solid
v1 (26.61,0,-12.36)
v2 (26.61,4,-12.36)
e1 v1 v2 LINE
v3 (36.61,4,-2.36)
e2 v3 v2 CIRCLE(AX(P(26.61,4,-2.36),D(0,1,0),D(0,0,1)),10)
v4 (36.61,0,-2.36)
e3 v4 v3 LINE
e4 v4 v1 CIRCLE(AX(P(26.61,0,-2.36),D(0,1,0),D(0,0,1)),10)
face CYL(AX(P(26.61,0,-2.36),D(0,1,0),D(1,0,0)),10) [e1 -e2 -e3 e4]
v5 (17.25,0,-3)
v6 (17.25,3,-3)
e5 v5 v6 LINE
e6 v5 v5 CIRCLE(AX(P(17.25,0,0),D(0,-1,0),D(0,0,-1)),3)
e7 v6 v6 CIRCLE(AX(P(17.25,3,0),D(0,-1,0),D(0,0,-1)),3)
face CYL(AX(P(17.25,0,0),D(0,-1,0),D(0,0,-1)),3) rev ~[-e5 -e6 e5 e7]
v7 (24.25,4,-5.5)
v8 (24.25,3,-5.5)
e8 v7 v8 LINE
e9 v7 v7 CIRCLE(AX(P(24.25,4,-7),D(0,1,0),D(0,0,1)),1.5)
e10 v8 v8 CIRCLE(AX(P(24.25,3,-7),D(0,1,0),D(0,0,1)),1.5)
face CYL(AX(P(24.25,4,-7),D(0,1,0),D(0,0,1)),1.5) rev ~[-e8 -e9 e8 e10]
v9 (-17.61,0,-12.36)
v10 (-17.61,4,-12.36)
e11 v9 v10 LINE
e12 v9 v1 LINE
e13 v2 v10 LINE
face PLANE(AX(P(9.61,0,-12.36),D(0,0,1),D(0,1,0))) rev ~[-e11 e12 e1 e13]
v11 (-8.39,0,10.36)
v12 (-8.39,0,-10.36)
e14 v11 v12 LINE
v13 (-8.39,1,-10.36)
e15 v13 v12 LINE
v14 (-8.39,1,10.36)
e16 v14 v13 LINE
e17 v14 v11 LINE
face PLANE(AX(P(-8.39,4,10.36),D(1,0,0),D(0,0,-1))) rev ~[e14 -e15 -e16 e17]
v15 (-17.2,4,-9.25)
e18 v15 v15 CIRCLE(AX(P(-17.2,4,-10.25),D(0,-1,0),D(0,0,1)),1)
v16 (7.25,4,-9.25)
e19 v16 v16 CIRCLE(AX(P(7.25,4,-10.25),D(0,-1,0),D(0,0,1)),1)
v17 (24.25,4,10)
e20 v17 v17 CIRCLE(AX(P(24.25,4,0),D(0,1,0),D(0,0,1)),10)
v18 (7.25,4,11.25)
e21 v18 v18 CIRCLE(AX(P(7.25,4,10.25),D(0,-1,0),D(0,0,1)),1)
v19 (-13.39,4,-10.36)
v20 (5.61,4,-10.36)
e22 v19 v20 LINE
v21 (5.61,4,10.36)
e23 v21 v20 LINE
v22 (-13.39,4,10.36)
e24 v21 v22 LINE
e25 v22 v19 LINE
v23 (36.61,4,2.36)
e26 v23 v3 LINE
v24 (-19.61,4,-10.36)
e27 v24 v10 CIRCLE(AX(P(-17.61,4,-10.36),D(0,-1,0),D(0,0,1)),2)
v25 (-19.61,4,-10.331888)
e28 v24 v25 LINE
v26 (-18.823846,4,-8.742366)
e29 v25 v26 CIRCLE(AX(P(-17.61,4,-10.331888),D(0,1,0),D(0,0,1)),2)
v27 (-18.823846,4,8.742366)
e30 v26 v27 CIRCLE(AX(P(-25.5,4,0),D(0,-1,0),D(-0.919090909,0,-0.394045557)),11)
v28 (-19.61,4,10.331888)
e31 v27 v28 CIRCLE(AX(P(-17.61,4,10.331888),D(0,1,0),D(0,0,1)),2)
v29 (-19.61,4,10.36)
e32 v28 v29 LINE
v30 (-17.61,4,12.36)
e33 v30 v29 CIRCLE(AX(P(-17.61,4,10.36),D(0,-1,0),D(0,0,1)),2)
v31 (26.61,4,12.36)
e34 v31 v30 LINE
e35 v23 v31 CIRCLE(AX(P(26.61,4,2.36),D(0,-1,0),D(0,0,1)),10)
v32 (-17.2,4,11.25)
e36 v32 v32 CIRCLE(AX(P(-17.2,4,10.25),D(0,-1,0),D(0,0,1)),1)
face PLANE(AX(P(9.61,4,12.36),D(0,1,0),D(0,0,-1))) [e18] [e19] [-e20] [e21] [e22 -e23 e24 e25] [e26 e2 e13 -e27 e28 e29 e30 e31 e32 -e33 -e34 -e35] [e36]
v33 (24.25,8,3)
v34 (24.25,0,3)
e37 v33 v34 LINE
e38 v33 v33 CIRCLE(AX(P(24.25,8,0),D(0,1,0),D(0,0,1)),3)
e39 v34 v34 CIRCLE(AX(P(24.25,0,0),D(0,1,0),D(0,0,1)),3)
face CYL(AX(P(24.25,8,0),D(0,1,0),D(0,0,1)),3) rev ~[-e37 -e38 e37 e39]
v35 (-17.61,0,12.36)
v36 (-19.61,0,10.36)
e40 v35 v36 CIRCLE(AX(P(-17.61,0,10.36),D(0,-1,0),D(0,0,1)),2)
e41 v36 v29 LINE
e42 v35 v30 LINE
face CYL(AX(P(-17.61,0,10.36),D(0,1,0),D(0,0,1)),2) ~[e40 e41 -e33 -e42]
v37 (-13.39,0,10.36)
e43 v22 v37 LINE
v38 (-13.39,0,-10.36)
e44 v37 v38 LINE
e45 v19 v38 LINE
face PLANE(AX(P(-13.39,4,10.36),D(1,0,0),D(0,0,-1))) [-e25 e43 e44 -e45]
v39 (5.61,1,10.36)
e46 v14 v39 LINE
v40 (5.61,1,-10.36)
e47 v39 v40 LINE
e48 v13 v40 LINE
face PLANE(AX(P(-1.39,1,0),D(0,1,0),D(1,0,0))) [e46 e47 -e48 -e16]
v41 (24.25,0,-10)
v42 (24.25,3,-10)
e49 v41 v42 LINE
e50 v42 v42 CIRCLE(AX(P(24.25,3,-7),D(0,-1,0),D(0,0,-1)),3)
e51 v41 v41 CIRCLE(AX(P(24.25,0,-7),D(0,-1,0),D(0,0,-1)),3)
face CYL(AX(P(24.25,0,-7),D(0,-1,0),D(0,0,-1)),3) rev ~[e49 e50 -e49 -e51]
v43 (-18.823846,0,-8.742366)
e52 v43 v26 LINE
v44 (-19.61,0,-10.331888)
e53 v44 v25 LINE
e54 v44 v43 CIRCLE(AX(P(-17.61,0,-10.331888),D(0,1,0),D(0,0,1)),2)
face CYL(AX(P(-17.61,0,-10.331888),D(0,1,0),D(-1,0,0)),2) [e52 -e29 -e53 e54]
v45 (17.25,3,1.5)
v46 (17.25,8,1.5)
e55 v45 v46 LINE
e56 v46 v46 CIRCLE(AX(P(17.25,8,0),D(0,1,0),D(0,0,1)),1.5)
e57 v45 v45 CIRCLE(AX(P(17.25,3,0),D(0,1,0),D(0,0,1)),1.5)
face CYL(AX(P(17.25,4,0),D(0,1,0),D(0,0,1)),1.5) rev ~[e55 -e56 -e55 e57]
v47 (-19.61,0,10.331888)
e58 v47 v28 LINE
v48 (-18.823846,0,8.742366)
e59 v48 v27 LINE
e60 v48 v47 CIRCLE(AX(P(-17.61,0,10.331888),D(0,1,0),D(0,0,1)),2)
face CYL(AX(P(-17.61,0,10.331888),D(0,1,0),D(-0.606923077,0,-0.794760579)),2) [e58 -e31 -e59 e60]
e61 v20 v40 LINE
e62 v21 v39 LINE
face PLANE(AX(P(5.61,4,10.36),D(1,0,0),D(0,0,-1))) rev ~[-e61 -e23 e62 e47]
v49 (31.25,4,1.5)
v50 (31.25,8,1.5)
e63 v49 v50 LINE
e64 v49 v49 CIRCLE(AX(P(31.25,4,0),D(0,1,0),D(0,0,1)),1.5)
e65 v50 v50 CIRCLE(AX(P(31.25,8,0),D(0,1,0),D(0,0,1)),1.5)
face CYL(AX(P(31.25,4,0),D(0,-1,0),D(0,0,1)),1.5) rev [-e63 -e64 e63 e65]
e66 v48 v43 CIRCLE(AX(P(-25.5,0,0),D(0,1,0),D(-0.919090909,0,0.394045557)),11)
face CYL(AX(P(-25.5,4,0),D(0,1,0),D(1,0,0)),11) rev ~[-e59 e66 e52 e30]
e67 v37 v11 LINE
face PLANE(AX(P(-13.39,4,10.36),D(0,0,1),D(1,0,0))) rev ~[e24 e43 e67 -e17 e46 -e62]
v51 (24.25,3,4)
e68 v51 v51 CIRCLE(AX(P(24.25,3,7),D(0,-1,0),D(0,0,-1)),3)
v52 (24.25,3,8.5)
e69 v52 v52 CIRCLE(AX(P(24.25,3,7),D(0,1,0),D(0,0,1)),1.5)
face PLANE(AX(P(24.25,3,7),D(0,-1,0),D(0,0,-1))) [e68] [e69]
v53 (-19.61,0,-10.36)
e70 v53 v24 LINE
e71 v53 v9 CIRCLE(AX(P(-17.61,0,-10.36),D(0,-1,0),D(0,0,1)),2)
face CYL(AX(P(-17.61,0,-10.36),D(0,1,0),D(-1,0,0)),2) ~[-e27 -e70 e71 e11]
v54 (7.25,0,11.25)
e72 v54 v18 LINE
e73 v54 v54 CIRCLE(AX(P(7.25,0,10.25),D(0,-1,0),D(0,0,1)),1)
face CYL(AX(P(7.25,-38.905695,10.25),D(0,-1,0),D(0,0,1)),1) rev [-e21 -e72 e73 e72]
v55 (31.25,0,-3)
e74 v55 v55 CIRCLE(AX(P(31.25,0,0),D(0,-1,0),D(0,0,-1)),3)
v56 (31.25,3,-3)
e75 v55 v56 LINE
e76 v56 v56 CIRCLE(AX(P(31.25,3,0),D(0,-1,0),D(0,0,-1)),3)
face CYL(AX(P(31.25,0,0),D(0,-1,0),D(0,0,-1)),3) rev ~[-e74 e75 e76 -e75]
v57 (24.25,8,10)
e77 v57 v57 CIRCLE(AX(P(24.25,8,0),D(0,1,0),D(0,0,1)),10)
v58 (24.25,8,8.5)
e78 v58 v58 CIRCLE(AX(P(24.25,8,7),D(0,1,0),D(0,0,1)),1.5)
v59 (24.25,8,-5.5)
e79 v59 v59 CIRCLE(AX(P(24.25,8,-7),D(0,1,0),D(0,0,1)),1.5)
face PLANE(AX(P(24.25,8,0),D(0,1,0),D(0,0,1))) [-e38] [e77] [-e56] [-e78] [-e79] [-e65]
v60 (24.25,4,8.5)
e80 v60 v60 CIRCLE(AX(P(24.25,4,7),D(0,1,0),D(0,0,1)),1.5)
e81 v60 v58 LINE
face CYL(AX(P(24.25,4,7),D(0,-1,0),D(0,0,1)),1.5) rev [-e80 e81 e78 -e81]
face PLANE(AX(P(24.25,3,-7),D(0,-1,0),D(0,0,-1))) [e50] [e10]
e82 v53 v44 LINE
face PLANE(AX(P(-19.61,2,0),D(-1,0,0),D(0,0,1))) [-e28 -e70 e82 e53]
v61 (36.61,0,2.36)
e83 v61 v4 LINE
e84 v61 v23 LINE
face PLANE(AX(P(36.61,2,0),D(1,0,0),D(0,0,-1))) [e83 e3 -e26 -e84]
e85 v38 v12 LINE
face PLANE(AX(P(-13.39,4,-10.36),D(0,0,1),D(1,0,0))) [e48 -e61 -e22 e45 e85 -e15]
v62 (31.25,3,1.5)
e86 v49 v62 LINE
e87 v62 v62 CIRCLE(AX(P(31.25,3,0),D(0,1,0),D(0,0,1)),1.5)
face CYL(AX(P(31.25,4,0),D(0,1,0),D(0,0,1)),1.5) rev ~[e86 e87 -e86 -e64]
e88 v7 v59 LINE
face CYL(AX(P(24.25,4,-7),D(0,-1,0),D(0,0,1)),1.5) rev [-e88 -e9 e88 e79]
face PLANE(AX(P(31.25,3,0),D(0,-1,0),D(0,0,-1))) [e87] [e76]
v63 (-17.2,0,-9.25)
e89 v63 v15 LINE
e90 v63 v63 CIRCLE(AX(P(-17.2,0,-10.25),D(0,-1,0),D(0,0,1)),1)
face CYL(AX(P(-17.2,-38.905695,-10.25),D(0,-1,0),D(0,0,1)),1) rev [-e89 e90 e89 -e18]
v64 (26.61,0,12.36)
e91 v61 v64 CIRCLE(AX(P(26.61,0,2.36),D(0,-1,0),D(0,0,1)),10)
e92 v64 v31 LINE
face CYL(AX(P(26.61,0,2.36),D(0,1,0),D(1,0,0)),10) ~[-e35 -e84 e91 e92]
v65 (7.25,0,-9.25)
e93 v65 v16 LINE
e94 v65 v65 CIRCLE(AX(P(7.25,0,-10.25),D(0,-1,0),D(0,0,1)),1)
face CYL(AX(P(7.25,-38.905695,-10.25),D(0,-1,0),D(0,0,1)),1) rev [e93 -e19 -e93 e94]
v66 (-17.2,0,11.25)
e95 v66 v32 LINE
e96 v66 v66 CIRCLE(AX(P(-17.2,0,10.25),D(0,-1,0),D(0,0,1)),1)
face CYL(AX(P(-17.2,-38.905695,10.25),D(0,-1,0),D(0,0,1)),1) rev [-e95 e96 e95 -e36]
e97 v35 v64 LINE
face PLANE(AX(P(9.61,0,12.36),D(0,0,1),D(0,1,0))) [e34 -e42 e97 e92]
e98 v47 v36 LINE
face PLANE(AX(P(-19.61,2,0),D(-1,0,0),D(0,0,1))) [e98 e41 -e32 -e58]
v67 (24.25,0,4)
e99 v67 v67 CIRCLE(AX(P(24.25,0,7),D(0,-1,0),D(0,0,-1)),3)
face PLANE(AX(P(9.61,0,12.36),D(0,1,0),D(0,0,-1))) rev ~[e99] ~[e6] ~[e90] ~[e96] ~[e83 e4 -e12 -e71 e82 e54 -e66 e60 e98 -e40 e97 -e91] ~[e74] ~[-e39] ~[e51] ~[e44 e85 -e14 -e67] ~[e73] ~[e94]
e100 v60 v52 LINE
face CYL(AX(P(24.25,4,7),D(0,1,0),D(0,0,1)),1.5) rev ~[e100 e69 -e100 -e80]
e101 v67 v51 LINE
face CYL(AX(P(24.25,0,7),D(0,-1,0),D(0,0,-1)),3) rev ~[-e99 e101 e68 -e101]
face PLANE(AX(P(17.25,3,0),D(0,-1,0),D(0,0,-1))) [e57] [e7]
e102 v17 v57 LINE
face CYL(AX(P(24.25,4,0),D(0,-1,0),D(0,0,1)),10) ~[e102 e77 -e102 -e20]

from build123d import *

# Parameters (mm, degrees)
EXTRUDE_1_DEPTH          = 4
CUT_EXTRUDE_1_DEPTH      = 38.905694823
CUT_EXTRUDE_1_DEPTH_BACK = 38.905694823
SKETCH_2_R               = 1
SKETCH_3_W               = 14
SKETCH_3_H               = 20.72
CUT_EXTRUDE_3_DEPTH      = 3
SKETCH_5_W               = 5
SKETCH_5_H               = 20.72
CUT_EXTRUDE_4_DEPTH      = 4
SKETCH_13_W              = 24.72
SKETCH_13_H              = 4
EXTRUDE_5_DEPTH          = 27
SKETCH_15_R              = 10
EXTRUDE_6_DEPTH          = 4
SKETCH_14_R              = 1.5
CUT_EXTRUDE_7_DEPTH      = 4
FILLET_1_R               = 10
FILLET_2_R               = 10
SKETCH_6_R               = 11
CUT_EXTRUDE_9_DEPTH      = 4
SKETCH_17_W              = 24.72
SKETCH_17_H              = 4
CUT_EXTRUDE_10_DEPTH     = 16
FILLET_3_R               = 2
FILLET_4_R               = 2
FILLET_5_R               = 2
FILLET_6_R               = 2
SKETCH_18_R              = 3
CUT_EXTRUDE_11_DEPTH     = 13
SKETCH_20_R              = 3
CUT_EXTRUDE_12_DEPTH     = 3


with BuildPart() as part:
    # 草图1 → 凸台-拉伸1 (new body)
    with BuildSketch(Plane(origin=(0, 0, 0), x_dir=(1, 0, 0), z_dir=(0, 1, 0))):
        with BuildLine():
            Line((6.61, -12.36), (9.61, -12.36))
            Line((9.61, -12.36), (9.61, -9.36))
            Line((9.61, -9.36), (9.61, 9.36))
            Line((9.61, 9.36), (9.61, 12.36))
            Line((9.61, 12.36), (6.61, 12.36))
            Line((6.61, 12.36), (-32.61, 12.36))
            ThreePointArc((-32.61, 12.36), (-34.731320344, 11.481320344), (-35.61, 9.36))
            Line((-35.61, 9.36), (-35.61, -9.36))
            ThreePointArc((-35.61, -9.36), (-34.731320344, -11.481320344), (-32.61, -12.36))
            Line((-32.61, -12.36), (6.61, -12.36))
        make_face()
    extrude(amount=EXTRUDE_1_DEPTH)

    # 草图2 → 切除-拉伸1 (cut, two sides: drawn at the far end of the back side and taken through both)
    with BuildSketch(Plane(origin=(0, 0, 0), x_dir=(1, 0, 0), z_dir=(0, 1, 0)).offset(-CUT_EXTRUDE_1_DEPTH_BACK)):
        with Locations(Location((7.25, -10.25, 0), (0, 0, 270))):
            Circle(SKETCH_2_R)
        with Locations(Location((7.25, 10.25, 0), (0, 0, 270))):
            Circle(SKETCH_2_R)
        with Locations(Location((-17.2, -10.25, 0), (0, 0, 270))):
            Circle(SKETCH_2_R)
        with Locations(Location((-17.2, 10.25, 0), (0, 0, 270))):
            Circle(SKETCH_2_R)
    extrude(amount=CUT_EXTRUDE_1_DEPTH + CUT_EXTRUDE_1_DEPTH_BACK, mode=Mode.SUBTRACT)

    # 草图3 → 切除-拉伸3 (cut)
    with BuildSketch(Plane(origin=(0, 4, 0), x_dir=(1, 0, 0), z_dir=(0, 1, 0))):
        with Locations((-1.39, 0)):
            Rectangle(SKETCH_3_W, SKETCH_3_H)
    extrude(amount=-CUT_EXTRUDE_3_DEPTH, mode=Mode.SUBTRACT)

    # 草图5 → 切除-拉伸4 (cut)
    with BuildSketch(Plane(origin=(0, 4, 0), x_dir=(1, 0, 0), z_dir=(0, 1, 0))):
        with Locations((-10.89, 0)):
            Rectangle(SKETCH_5_W, SKETCH_5_H)
    extrude(amount=-CUT_EXTRUDE_4_DEPTH, mode=Mode.SUBTRACT)

    # 草图13 → 凸台-拉伸5 (add)
    with BuildSketch(Plane(origin=(9.61, 0, 0), x_dir=(0, 0, -1), z_dir=(1, 0, 0))):
        with Locations((0, 2)):
            Rectangle(SKETCH_13_W, SKETCH_13_H)
    extrude(amount=EXTRUDE_5_DEPTH)

    # 草图15 → 凸台-拉伸6 (add)
    with BuildSketch(Plane(origin=(0, 4, 0), x_dir=(1, 0, 0), z_dir=(0, 1, 0))):
        with Locations(Location((24.25, 0, 0), (0, 0, 270))):
            Circle(SKETCH_15_R)
    extrude(amount=EXTRUDE_6_DEPTH)

    # 草图14 → 切除-拉伸7 (cut, symmetric)
    with BuildSketch(Plane(origin=(0, 4, 0), x_dir=(1, 0, 0), z_dir=(0, 1, 0))):
        with Locations(Location((24.25, -7, 0), (0, 0, 270))):
            Circle(SKETCH_14_R)
        with Locations(Location((31.25, 0, 0), (0, 0, 270))):
            Circle(SKETCH_14_R)
        with Locations(Location((24.25, 7, 0), (0, 0, 270))):
            Circle(SKETCH_14_R)
        with Locations(Location((17.25, 0, 0), (0, 0, 270))):
            Circle(SKETCH_14_R)
    extrude(amount=CUT_EXTRUDE_7_DEPTH, both=True, mode=Mode.SUBTRACT)

    # 圆角1
    fillet_1_edges = [part.edges().sort_by_distance(p)[0] for p in [
        (36.61, 2, -12.36),
    ]]
    fillet(fillet_1_edges, radius=FILLET_1_R)

    # 圆角2
    fillet_2_edges = [part.edges().sort_by_distance(p)[0] for p in [
        (36.61, 2, 12.36),
    ]]
    fillet(fillet_2_edges, radius=FILLET_2_R)

    # 草图6 → 切除-拉伸9 (cut)
    with BuildSketch(Plane(origin=(0, 4, 0), x_dir=(1, 0, 0), z_dir=(0, 1, 0))):
        with Locations((-25.5, 0)):
            Circle(SKETCH_6_R)
    extrude(amount=-CUT_EXTRUDE_9_DEPTH, mode=Mode.SUBTRACT)

    # 草图17 → 切除-拉伸10 (cut)
    with BuildSketch(Plane.ZY.offset(35.61)):
        with Locations((0, 2)):
            Rectangle(SKETCH_17_W, SKETCH_17_H)
    extrude(amount=-CUT_EXTRUDE_10_DEPTH, mode=Mode.SUBTRACT)

    # 圆角3
    fillet_3_edges = [part.edges().sort_by_distance(p)[0] for p in [
        (-19.61, 2, 12.36),
    ]]
    fillet(fillet_3_edges, radius=FILLET_3_R)

    # 圆角4
    fillet_4_edges = [part.edges().sort_by_distance(p)[0] for p in [
        (-19.61, 2, -12.36),
    ]]
    fillet(fillet_4_edges, radius=FILLET_4_R)

    # 圆角5
    fillet_5_edges = [part.edges().sort_by_distance(p)[0] for p in [
        (-19.61, 2, -9.290204519),
    ]]
    fillet(fillet_5_edges, radius=FILLET_5_R)

    # 圆角6
    fillet_6_edges = [part.edges().sort_by_distance(p)[0] for p in [
        (-19.61, 2, 9.290204519),
    ]]
    fillet(fillet_6_edges, radius=FILLET_6_R)

    # 草图18 → 切除-拉伸11 (cut)
    with BuildSketch(Plane(origin=(0, 8, 0), x_dir=(1, 0, 0), z_dir=(0, 1, 0))):
        with Locations(Location((24.25, 0, 0), (0, 0, 270))):
            Circle(SKETCH_18_R)
    extrude(amount=-CUT_EXTRUDE_11_DEPTH, mode=Mode.SUBTRACT)

    # 草图20 → 切除-拉伸12 (cut)
    with BuildSketch(Plane.XZ):
        with Locations(Location((24.25, 7, 0), (0, 0, 270))):
            Circle(SKETCH_20_R)
        with Locations(Location((17.25, 0, 0), (0, 0, 270))):
            Circle(SKETCH_20_R)
        with Locations(Location((24.25, -7, 0), (0, 0, 270))):
            Circle(SKETCH_20_R)
        with Locations(Location((31.25, 0, 0), (0, 0, 270))):
            Circle(SKETCH_20_R)
    extrude(amount=-CUT_EXTRUDE_12_DEPTH, mode=Mode.SUBTRACT)


solid = part.part
